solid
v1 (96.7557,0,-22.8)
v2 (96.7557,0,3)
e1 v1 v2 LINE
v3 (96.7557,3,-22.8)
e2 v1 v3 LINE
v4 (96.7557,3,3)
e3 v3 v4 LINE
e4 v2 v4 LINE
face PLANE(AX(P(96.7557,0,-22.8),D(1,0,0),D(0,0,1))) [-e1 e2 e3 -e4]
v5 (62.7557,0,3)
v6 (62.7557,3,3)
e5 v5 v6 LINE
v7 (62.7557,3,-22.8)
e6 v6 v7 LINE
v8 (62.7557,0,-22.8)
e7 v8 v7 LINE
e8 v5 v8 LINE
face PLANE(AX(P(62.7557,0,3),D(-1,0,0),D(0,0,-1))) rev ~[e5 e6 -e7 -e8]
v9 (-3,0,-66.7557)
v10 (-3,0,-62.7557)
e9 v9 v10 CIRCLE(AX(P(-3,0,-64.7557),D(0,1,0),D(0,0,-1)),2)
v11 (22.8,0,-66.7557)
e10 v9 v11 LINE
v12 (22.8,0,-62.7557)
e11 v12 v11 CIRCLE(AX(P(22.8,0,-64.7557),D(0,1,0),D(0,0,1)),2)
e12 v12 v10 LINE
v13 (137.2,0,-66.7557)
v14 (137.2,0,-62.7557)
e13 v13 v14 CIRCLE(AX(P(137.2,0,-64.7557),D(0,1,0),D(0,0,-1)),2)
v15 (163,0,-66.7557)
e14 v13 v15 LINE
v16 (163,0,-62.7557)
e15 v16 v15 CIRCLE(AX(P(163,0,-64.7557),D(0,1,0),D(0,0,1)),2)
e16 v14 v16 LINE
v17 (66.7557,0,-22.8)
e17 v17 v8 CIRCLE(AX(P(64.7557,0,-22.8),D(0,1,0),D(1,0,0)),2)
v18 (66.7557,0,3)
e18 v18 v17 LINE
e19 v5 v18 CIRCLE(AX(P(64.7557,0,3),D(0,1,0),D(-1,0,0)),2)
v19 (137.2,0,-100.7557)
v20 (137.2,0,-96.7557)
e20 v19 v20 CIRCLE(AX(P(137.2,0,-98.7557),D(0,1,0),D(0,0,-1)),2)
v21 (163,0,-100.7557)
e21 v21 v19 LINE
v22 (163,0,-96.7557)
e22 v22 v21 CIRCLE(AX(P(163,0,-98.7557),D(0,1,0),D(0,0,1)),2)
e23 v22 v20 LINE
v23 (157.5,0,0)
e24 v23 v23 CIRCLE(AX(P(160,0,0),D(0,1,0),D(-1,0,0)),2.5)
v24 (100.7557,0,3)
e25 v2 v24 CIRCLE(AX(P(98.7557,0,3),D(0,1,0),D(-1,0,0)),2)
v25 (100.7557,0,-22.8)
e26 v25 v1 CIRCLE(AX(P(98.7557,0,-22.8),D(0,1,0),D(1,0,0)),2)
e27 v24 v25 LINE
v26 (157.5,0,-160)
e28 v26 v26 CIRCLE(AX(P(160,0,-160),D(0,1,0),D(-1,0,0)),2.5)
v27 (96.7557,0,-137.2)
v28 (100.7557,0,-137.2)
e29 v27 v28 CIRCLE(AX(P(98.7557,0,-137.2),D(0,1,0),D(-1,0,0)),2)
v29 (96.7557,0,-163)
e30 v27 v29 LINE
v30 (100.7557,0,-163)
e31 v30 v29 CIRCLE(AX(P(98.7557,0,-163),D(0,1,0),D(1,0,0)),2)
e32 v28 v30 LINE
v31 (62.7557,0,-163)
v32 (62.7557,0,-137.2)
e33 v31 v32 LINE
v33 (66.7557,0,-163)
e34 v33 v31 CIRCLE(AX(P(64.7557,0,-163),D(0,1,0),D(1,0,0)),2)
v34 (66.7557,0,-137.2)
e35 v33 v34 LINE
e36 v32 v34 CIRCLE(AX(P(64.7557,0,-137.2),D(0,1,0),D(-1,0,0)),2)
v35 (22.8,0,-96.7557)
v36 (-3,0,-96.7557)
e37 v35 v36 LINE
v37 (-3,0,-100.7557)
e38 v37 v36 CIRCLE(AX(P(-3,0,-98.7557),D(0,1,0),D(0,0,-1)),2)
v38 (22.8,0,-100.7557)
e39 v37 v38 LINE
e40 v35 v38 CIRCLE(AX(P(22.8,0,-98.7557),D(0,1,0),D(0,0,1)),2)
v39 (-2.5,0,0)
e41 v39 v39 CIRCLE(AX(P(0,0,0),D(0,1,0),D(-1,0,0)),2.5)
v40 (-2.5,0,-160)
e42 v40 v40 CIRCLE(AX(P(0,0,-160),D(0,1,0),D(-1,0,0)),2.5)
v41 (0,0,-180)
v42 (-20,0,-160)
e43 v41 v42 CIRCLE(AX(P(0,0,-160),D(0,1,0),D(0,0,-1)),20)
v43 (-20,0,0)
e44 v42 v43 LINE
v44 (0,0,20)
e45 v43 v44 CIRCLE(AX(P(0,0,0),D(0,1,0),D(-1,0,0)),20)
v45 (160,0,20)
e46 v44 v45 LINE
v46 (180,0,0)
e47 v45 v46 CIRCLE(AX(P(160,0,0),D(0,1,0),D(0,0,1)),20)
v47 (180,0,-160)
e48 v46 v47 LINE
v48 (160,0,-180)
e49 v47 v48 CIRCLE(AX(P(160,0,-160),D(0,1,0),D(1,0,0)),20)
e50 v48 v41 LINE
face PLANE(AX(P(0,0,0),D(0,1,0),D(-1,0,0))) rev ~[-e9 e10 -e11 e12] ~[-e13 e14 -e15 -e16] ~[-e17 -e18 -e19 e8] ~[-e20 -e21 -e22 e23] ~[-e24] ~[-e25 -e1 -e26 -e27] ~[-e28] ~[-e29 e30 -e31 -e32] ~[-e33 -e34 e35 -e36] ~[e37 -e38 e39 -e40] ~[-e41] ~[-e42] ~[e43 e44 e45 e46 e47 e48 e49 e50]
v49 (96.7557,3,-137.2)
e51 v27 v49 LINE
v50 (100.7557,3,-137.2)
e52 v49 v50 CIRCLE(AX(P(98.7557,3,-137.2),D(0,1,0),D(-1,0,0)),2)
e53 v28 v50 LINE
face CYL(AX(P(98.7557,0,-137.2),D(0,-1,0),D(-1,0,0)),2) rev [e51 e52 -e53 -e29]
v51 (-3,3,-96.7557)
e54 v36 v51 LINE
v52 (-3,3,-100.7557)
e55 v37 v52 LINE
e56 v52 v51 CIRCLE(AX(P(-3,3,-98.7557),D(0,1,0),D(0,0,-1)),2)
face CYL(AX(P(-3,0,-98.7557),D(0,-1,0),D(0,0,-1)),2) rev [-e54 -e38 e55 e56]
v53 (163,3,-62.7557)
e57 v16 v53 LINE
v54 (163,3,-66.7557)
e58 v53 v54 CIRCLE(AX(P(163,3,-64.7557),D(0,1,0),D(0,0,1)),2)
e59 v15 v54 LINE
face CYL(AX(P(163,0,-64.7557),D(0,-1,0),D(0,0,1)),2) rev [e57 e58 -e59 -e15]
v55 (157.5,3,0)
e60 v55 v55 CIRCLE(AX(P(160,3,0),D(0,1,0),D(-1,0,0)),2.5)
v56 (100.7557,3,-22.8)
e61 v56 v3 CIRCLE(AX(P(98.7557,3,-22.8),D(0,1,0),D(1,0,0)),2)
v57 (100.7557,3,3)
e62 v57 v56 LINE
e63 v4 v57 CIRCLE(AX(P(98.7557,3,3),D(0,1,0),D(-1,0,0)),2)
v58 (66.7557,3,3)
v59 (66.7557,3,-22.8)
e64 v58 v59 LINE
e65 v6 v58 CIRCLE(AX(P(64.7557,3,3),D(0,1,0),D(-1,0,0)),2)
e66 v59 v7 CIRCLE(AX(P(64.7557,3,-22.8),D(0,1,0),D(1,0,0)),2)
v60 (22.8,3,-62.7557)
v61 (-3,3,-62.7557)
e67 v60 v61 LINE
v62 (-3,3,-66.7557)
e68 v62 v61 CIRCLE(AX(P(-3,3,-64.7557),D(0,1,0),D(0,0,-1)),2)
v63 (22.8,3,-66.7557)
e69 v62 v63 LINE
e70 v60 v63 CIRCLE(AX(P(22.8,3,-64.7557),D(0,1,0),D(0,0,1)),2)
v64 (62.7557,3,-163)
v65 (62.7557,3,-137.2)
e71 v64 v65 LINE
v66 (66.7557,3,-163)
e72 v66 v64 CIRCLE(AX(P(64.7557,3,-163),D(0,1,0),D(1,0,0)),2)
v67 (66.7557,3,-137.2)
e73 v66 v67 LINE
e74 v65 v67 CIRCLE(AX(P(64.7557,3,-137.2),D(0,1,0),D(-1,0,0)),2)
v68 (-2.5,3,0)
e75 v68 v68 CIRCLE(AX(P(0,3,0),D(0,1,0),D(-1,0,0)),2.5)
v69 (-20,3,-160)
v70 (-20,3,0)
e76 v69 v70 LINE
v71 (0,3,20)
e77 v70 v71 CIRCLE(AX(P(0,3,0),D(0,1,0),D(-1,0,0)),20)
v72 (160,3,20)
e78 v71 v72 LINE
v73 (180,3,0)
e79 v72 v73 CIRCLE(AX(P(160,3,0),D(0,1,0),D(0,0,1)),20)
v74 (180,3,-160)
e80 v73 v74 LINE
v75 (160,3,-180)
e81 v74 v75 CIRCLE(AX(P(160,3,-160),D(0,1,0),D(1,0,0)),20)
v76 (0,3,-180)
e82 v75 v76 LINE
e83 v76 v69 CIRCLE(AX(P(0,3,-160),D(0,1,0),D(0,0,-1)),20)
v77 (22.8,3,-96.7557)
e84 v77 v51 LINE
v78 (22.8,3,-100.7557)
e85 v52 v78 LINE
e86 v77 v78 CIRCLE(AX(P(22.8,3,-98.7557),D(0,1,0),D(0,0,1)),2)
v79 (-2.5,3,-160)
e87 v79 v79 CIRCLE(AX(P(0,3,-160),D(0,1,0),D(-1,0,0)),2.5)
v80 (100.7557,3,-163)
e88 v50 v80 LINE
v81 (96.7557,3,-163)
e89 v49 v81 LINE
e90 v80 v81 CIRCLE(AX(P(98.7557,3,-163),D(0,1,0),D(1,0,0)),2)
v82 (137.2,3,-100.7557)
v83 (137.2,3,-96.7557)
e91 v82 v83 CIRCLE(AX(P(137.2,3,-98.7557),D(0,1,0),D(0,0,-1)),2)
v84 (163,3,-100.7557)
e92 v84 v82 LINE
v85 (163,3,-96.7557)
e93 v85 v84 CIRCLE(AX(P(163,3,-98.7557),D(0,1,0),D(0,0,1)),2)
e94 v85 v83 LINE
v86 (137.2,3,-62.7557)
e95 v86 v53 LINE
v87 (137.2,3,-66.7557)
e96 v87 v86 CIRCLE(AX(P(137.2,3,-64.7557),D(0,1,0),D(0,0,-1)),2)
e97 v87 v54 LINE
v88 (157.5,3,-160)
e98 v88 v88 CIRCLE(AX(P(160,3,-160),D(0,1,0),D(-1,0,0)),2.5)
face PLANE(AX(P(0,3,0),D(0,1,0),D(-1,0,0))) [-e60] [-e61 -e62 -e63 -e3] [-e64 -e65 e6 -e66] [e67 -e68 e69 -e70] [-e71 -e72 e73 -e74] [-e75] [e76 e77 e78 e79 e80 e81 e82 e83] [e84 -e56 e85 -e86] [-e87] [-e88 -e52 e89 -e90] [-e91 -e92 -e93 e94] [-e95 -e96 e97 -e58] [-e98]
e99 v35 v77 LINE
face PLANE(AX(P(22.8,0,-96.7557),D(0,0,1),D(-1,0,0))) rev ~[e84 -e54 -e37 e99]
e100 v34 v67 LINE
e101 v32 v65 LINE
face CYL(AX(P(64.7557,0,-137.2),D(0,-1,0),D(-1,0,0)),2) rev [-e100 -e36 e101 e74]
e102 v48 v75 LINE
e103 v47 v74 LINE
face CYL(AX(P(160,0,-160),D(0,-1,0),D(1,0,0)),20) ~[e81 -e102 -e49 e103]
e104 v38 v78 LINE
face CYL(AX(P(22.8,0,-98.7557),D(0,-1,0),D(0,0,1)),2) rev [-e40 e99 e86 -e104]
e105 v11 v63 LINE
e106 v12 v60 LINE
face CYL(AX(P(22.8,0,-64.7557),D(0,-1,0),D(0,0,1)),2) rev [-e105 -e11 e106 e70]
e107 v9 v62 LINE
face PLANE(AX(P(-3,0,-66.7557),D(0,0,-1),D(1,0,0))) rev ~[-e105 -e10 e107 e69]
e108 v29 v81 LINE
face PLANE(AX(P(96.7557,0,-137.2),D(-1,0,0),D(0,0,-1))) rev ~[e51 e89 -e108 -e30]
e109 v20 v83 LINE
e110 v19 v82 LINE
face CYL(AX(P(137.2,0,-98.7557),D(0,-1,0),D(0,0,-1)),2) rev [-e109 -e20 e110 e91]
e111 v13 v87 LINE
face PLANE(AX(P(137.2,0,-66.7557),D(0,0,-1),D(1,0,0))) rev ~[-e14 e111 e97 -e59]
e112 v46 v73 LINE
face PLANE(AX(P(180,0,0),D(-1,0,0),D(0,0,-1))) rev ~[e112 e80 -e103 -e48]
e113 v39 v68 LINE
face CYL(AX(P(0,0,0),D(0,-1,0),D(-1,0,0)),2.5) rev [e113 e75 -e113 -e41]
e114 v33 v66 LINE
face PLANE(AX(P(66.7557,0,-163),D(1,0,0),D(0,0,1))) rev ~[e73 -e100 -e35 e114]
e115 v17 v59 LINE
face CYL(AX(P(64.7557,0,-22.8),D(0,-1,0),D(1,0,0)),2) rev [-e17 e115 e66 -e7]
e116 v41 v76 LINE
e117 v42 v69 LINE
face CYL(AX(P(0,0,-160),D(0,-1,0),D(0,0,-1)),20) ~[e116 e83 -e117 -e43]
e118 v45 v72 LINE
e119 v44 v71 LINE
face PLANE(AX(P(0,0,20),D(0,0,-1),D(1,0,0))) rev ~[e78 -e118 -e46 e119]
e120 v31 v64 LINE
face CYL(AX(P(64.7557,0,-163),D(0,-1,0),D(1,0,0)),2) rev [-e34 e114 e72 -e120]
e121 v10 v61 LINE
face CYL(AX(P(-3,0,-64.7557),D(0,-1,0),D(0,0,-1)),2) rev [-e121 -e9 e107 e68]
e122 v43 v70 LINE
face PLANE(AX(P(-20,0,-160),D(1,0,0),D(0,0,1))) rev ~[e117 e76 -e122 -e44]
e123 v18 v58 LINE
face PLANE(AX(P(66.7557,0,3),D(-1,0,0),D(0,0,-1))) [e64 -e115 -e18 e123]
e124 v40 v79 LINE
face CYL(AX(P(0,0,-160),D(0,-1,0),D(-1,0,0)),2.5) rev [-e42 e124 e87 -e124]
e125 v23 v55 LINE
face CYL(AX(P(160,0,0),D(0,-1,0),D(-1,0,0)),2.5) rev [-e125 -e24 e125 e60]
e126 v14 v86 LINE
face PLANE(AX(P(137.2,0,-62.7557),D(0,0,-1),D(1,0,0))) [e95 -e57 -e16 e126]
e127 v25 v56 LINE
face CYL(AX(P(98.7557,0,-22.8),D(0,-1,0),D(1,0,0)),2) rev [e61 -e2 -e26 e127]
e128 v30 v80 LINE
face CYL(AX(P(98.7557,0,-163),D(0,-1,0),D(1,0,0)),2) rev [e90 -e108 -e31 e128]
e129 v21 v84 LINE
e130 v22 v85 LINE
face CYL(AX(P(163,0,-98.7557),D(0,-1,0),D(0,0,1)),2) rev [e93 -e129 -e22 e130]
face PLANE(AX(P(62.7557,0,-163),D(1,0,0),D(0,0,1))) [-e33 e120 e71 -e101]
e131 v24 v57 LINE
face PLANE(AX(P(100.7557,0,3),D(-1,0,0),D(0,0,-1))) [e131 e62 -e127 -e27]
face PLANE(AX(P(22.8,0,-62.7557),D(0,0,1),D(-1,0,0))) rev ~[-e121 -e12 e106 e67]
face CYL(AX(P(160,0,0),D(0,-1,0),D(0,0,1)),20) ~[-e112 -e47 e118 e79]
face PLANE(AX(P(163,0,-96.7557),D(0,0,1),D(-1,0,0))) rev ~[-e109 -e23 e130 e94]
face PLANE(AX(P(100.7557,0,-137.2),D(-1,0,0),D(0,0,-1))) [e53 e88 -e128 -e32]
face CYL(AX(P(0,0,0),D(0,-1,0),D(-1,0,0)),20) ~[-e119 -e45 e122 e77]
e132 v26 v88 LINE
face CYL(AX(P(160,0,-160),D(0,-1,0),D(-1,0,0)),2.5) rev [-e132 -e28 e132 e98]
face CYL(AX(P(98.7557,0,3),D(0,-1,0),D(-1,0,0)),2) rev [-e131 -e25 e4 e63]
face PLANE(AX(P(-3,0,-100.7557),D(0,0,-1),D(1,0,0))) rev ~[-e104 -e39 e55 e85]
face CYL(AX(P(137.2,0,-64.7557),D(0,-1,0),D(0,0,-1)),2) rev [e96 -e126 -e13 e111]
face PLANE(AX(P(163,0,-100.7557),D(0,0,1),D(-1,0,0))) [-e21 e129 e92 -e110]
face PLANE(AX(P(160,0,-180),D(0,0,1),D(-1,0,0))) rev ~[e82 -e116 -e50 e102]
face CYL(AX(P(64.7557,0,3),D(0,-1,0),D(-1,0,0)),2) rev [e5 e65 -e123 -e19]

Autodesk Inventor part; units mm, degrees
ref_plane "YZ Plane" through (0, 0, 0) normal (1, 0, 0) x (0, 1, 0)
ref_plane "XZ Plane" through (0, 0, 0) normal (0, 1, 0) x (-1, 0, 0)
ref_plane "XY Plane" through (0, 0, 0) normal (0, 0, 1) x (1, 0, 0)
sketch "Sketch1" plane through (0, 0, 0) normal (0, 1, 0) x (-1, 0, 0)
  line L0 (0, 20) -> (-160, 20)
  circle A0 centre (0, -160) radius 2.5
  arc A1 (0, -180) -> (20, -160) centre (0, -160) ccw
  line L1 (0, 20) -> (-160, 20)
  arc A2 (-137.2, -66.7557) -> (-137.2, -62.7557) centre (-137.2, -64.7557) ccw
  arc A3 (-137.2, -66.7557) -> (-137.2, -62.7557) centre (-137.2, -64.7557) ccw
  line L2 (-137.2, -62.7557) -> (-163, -62.7557)
  line L3 (-137.2, -66.7557) -> (-163, -66.7557)
  arc A4 (-137.2, -100.7557) -> (-137.2, -96.7557) centre (-137.2, -98.7557) ccw
  circle A5 centre (-160, -160) radius 2.5
  circle A6 centre (-160, -160) radius 2.5
  line L4 (20, -160) -> (20, 0)
  line L5 (-180, 0) -> (-180, -160)
  line L6 (20, -160) -> (20, 0)
  line L7 (-180, 0) -> (-180, -160)
  line L8 (-160, -180) -> (0, -180)
  line L9 (-160, -180) -> (0, -180)
  arc A7 (-180, -160) -> (-160, -180) centre (-160, -160) ccw
  arc A8 (-180, -160) -> (-160, -180) centre (-160, -160) ccw
  arc A9 (-137.2, -100.7557) -> (-137.2, -96.7557) centre (-137.2, -98.7557) ccw
  arc A10 (0, -180) -> (20, -160) centre (0, -160) ccw
  circle A11 centre (0, -160) radius 2.5
  circle A12 centre (0, 0) radius 2.5
  arc A13 (20, 0) -> (0, 20) centre (0, 0) ccw
  arc A14 (20, 0) -> (0, 20) centre (0, 0) ccw
  circle A15 centre (0, 0) radius 2.5
  arc A16 (-163, -62.7557) -> (-163, -66.7557) centre (-163, -64.7557) ccw
  line L10 (-163, -96.7557) -> (-137.2, -96.7557)
  arc A17 (3, -66.7557) -> (3, -62.7557) centre (3, -64.7557) ccw
  arc A18 (3, -66.7557) -> (3, -62.7557) centre (3, -64.7557) ccw
  circle A19 centre (-160, 0) radius 2.5
  circle A20 centre (-160, 0) radius 2.5
  arc A21 (-160, 20) -> (-180, 0) centre (-160, 0) ccw
  arc A22 (-160, 20) -> (-180, 0) centre (-160, 0) ccw
  line L11 (-163, -66.7557) -> (-137.2, -66.7557)
  line L12 (-163, -100.7557) -> (-137.2, -100.7557)
  line L13 (-137.2, -100.7557) -> (-163, -100.7557)
  line L14 (-137.2, -96.7557) -> (-163, -96.7557)
  arc A23 (-163, -62.7557) -> (-163, -66.7557) centre (-163, -64.7557) ccw
  line L15 (-163, -62.7557) -> (-137.2, -62.7557)
  arc A24 (-163, -96.7557) -> (-163, -100.7557) centre (-163, -98.7557) ccw
  arc A25 (-163, -96.7557) -> (-163, -100.7557) centre (-163, -98.7557) ccw
  arc A26 (-22.8, -62.7557) -> (-22.8, -66.7557) centre (-22.8, -64.7557) ccw
  arc A27 (-22.8, -62.7557) -> (-22.8, -66.7557) centre (-22.8, -64.7557) ccw
  line L16 (-22.8, -62.7557) -> (3, -62.7557)
  line L17 (3, -62.7557) -> (-22.8, -62.7557)
  line L18 (3, -66.7557) -> (-22.8, -66.7557)
  line L19 (-22.8, -66.7557) -> (3, -66.7557)
  line L20 (-22.8, -96.7557) -> (3, -96.7557)
  line L21 (3, -96.7557) -> (-22.8, -96.7557)
  arc A28 (-22.8, -96.7557) -> (-22.8, -100.7557) centre (-22.8, -98.7557) ccw
  arc A29 (-22.8, -96.7557) -> (-22.8, -100.7557) centre (-22.8, -98.7557) ccw
  arc A30 (3, -100.7557) -> (3, -96.7557) centre (3, -98.7557) ccw
  arc A31 (3, -100.7557) -> (3, -96.7557) centre (3, -98.7557) ccw
  line L22 (3, -100.7557) -> (-22.8, -100.7557)
  line L23 (-22.8, -100.7557) -> (3, -100.7557)
  line L24 (-22.8, -66.7557) -> (3, -66.7557)
  line L25 (3, -62.7557) -> (-22.8, -62.7557)
  arc A32 (-22.8, -62.7557) -> (-22.8, -66.7557) centre (-22.8, -64.7557) ccw
  arc A33 (3, -66.7557) -> (3, -62.7557) centre (3, -64.7557) ccw
  arc A34 (20, 0) -> (0, 20) centre (0, 0) ccw
  arc A35 (20, 0) -> (0, 20) centre (0, 0) ccw
  line L26 (0, 20) -> (-160, 20)
  circle A36 centre (0, 0) radius 2.5
  circle A37 centre (0, 0) radius 2.5
  line L27 (0, 20) -> (-160, 20)
  line L28 (20, -160) -> (20, 0)
  line L29 (20, -160) -> (20, 0)
  arc A38 (0, -180) -> (20, -160) centre (0, -160) ccw
  arc A39 (0, -180) -> (20, -160) centre (0, -160) ccw
  line L30 (-66.7557, -163) -> (-66.7557, -137.2)
  line L31 (-66.7557, -137.2) -> (-66.7557, -163)
  arc A40 (-66.7557, -163) -> (-62.7557, -163) centre (-64.7557, -163) ccw
  arc A41 (-66.7557, -163) -> (-62.7557, -163) centre (-64.7557, -163) ccw
  line L32 (-96.7557, -137.2) -> (-96.7557, -163)
  line L33 (-96.7557, -163) -> (-96.7557, -137.2)
  line L34 (-100.7557, -137.2) -> (-100.7557, -163)
  line L35 (-160, -180) -> (0, -180)
  line L36 (-160, -180) -> (0, -180)
  arc A42 (-180, -160) -> (-160, -180) centre (-160, -160) ccw
  arc A43 (-100.7557, -163) -> (-96.7557, -163) centre (-98.7557, -163) ccw
  arc A44 (-180, -160) -> (-160, -180) centre (-160, -160) ccw
  arc A45 (-160, 20) -> (-180, 0) centre (-160, 0) ccw
  arc A46 (-160, 20) -> (-180, 0) centre (-160, 0) ccw
  circle A47 centre (-160, 0) radius 2.5
  circle A48 centre (-160, 0) radius 2.5
  line L37 (-180, 0) -> (-180, -160)
  line L38 (-180, 0) -> (-180, -160)
  arc A49 (-96.7557, -137.2) -> (-100.7557, -137.2) centre (-98.7557, -137.2) ccw
  circle A50 centre (-160, -160) radius 2.5
  circle A51 centre (-160, -160) radius 2.5
  arc A52 (-96.7557, -137.2) -> (-100.7557, -137.2) centre (-98.7557, -137.2) ccw
  circle A53 centre (0, -160) radius 2.5
  circle A54 centre (0, -160) radius 2.5
  line L39 (-62.7557, -163) -> (-62.7557, -137.2)
  line L40 (-62.7557, -137.2) -> (-62.7557, -163)
  arc A55 (-62.7557, -137.2) -> (-66.7557, -137.2) centre (-64.7557, -137.2) ccw
  arc A56 (-62.7557, -137.2) -> (-66.7557, -137.2) centre (-64.7557, -137.2) ccw
  line L41 (-100.7557, -163) -> (-100.7557, -137.2)
  line L42 (-96.7557, -22.8) -> (-96.7557, 3)
  line L43 (-96.7557, 3) -> (-96.7557, -22.8)
  arc A57 (-96.7557, 3) -> (-100.7557, 3) centre (-98.7557, 3) ccw
  arc A58 (-96.7557, 3) -> (-100.7557, 3) centre (-98.7557, 3) ccw
  line L44 (-100.7557, 3) -> (-100.7557, -22.8)
  arc A59 (-100.7557, -22.8) -> (-96.7557, -22.8) centre (-98.7557, -22.8) ccw
  arc A60 (-100.7557, -22.8) -> (-96.7557, -22.8) centre (-98.7557, -22.8) ccw
  line L45 (-100.7557, -22.8) -> (-100.7557, 3)
  arc A61 (-66.7557, -22.8) -> (-62.7557, -22.8) centre (-64.7557, -22.8) ccw
  line L46 (-66.7557, 3) -> (-66.7557, -22.8)
  line L47 (-66.7557, -22.8) -> (-66.7557, 3)
  arc A62 (-66.7557, -22.8) -> (-62.7557, -22.8) centre (-64.7557, -22.8) ccw
  arc A63 (-62.7557, 3) -> (-66.7557, 3) centre (-64.7557, 3) ccw
  line L48 (-62.7557, 3) -> (-62.7557, -22.8)
  line L49 (-62.7557, -22.8) -> (-62.7557, 3)
  arc A64 (-62.7557, 3) -> (-66.7557, 3) centre (-64.7557, 3) ccw
  arc A65 (-100.7557, -163) -> (-96.7557, -163) centre (-98.7557, -163) ccw
  point P0 (-22.8, -64.7557)
  point P1 (3, -64.7557)
extrude "Extrusion1" add sketch "Sketch1" along normal blind 3
properties part number "Baseprendronme"
